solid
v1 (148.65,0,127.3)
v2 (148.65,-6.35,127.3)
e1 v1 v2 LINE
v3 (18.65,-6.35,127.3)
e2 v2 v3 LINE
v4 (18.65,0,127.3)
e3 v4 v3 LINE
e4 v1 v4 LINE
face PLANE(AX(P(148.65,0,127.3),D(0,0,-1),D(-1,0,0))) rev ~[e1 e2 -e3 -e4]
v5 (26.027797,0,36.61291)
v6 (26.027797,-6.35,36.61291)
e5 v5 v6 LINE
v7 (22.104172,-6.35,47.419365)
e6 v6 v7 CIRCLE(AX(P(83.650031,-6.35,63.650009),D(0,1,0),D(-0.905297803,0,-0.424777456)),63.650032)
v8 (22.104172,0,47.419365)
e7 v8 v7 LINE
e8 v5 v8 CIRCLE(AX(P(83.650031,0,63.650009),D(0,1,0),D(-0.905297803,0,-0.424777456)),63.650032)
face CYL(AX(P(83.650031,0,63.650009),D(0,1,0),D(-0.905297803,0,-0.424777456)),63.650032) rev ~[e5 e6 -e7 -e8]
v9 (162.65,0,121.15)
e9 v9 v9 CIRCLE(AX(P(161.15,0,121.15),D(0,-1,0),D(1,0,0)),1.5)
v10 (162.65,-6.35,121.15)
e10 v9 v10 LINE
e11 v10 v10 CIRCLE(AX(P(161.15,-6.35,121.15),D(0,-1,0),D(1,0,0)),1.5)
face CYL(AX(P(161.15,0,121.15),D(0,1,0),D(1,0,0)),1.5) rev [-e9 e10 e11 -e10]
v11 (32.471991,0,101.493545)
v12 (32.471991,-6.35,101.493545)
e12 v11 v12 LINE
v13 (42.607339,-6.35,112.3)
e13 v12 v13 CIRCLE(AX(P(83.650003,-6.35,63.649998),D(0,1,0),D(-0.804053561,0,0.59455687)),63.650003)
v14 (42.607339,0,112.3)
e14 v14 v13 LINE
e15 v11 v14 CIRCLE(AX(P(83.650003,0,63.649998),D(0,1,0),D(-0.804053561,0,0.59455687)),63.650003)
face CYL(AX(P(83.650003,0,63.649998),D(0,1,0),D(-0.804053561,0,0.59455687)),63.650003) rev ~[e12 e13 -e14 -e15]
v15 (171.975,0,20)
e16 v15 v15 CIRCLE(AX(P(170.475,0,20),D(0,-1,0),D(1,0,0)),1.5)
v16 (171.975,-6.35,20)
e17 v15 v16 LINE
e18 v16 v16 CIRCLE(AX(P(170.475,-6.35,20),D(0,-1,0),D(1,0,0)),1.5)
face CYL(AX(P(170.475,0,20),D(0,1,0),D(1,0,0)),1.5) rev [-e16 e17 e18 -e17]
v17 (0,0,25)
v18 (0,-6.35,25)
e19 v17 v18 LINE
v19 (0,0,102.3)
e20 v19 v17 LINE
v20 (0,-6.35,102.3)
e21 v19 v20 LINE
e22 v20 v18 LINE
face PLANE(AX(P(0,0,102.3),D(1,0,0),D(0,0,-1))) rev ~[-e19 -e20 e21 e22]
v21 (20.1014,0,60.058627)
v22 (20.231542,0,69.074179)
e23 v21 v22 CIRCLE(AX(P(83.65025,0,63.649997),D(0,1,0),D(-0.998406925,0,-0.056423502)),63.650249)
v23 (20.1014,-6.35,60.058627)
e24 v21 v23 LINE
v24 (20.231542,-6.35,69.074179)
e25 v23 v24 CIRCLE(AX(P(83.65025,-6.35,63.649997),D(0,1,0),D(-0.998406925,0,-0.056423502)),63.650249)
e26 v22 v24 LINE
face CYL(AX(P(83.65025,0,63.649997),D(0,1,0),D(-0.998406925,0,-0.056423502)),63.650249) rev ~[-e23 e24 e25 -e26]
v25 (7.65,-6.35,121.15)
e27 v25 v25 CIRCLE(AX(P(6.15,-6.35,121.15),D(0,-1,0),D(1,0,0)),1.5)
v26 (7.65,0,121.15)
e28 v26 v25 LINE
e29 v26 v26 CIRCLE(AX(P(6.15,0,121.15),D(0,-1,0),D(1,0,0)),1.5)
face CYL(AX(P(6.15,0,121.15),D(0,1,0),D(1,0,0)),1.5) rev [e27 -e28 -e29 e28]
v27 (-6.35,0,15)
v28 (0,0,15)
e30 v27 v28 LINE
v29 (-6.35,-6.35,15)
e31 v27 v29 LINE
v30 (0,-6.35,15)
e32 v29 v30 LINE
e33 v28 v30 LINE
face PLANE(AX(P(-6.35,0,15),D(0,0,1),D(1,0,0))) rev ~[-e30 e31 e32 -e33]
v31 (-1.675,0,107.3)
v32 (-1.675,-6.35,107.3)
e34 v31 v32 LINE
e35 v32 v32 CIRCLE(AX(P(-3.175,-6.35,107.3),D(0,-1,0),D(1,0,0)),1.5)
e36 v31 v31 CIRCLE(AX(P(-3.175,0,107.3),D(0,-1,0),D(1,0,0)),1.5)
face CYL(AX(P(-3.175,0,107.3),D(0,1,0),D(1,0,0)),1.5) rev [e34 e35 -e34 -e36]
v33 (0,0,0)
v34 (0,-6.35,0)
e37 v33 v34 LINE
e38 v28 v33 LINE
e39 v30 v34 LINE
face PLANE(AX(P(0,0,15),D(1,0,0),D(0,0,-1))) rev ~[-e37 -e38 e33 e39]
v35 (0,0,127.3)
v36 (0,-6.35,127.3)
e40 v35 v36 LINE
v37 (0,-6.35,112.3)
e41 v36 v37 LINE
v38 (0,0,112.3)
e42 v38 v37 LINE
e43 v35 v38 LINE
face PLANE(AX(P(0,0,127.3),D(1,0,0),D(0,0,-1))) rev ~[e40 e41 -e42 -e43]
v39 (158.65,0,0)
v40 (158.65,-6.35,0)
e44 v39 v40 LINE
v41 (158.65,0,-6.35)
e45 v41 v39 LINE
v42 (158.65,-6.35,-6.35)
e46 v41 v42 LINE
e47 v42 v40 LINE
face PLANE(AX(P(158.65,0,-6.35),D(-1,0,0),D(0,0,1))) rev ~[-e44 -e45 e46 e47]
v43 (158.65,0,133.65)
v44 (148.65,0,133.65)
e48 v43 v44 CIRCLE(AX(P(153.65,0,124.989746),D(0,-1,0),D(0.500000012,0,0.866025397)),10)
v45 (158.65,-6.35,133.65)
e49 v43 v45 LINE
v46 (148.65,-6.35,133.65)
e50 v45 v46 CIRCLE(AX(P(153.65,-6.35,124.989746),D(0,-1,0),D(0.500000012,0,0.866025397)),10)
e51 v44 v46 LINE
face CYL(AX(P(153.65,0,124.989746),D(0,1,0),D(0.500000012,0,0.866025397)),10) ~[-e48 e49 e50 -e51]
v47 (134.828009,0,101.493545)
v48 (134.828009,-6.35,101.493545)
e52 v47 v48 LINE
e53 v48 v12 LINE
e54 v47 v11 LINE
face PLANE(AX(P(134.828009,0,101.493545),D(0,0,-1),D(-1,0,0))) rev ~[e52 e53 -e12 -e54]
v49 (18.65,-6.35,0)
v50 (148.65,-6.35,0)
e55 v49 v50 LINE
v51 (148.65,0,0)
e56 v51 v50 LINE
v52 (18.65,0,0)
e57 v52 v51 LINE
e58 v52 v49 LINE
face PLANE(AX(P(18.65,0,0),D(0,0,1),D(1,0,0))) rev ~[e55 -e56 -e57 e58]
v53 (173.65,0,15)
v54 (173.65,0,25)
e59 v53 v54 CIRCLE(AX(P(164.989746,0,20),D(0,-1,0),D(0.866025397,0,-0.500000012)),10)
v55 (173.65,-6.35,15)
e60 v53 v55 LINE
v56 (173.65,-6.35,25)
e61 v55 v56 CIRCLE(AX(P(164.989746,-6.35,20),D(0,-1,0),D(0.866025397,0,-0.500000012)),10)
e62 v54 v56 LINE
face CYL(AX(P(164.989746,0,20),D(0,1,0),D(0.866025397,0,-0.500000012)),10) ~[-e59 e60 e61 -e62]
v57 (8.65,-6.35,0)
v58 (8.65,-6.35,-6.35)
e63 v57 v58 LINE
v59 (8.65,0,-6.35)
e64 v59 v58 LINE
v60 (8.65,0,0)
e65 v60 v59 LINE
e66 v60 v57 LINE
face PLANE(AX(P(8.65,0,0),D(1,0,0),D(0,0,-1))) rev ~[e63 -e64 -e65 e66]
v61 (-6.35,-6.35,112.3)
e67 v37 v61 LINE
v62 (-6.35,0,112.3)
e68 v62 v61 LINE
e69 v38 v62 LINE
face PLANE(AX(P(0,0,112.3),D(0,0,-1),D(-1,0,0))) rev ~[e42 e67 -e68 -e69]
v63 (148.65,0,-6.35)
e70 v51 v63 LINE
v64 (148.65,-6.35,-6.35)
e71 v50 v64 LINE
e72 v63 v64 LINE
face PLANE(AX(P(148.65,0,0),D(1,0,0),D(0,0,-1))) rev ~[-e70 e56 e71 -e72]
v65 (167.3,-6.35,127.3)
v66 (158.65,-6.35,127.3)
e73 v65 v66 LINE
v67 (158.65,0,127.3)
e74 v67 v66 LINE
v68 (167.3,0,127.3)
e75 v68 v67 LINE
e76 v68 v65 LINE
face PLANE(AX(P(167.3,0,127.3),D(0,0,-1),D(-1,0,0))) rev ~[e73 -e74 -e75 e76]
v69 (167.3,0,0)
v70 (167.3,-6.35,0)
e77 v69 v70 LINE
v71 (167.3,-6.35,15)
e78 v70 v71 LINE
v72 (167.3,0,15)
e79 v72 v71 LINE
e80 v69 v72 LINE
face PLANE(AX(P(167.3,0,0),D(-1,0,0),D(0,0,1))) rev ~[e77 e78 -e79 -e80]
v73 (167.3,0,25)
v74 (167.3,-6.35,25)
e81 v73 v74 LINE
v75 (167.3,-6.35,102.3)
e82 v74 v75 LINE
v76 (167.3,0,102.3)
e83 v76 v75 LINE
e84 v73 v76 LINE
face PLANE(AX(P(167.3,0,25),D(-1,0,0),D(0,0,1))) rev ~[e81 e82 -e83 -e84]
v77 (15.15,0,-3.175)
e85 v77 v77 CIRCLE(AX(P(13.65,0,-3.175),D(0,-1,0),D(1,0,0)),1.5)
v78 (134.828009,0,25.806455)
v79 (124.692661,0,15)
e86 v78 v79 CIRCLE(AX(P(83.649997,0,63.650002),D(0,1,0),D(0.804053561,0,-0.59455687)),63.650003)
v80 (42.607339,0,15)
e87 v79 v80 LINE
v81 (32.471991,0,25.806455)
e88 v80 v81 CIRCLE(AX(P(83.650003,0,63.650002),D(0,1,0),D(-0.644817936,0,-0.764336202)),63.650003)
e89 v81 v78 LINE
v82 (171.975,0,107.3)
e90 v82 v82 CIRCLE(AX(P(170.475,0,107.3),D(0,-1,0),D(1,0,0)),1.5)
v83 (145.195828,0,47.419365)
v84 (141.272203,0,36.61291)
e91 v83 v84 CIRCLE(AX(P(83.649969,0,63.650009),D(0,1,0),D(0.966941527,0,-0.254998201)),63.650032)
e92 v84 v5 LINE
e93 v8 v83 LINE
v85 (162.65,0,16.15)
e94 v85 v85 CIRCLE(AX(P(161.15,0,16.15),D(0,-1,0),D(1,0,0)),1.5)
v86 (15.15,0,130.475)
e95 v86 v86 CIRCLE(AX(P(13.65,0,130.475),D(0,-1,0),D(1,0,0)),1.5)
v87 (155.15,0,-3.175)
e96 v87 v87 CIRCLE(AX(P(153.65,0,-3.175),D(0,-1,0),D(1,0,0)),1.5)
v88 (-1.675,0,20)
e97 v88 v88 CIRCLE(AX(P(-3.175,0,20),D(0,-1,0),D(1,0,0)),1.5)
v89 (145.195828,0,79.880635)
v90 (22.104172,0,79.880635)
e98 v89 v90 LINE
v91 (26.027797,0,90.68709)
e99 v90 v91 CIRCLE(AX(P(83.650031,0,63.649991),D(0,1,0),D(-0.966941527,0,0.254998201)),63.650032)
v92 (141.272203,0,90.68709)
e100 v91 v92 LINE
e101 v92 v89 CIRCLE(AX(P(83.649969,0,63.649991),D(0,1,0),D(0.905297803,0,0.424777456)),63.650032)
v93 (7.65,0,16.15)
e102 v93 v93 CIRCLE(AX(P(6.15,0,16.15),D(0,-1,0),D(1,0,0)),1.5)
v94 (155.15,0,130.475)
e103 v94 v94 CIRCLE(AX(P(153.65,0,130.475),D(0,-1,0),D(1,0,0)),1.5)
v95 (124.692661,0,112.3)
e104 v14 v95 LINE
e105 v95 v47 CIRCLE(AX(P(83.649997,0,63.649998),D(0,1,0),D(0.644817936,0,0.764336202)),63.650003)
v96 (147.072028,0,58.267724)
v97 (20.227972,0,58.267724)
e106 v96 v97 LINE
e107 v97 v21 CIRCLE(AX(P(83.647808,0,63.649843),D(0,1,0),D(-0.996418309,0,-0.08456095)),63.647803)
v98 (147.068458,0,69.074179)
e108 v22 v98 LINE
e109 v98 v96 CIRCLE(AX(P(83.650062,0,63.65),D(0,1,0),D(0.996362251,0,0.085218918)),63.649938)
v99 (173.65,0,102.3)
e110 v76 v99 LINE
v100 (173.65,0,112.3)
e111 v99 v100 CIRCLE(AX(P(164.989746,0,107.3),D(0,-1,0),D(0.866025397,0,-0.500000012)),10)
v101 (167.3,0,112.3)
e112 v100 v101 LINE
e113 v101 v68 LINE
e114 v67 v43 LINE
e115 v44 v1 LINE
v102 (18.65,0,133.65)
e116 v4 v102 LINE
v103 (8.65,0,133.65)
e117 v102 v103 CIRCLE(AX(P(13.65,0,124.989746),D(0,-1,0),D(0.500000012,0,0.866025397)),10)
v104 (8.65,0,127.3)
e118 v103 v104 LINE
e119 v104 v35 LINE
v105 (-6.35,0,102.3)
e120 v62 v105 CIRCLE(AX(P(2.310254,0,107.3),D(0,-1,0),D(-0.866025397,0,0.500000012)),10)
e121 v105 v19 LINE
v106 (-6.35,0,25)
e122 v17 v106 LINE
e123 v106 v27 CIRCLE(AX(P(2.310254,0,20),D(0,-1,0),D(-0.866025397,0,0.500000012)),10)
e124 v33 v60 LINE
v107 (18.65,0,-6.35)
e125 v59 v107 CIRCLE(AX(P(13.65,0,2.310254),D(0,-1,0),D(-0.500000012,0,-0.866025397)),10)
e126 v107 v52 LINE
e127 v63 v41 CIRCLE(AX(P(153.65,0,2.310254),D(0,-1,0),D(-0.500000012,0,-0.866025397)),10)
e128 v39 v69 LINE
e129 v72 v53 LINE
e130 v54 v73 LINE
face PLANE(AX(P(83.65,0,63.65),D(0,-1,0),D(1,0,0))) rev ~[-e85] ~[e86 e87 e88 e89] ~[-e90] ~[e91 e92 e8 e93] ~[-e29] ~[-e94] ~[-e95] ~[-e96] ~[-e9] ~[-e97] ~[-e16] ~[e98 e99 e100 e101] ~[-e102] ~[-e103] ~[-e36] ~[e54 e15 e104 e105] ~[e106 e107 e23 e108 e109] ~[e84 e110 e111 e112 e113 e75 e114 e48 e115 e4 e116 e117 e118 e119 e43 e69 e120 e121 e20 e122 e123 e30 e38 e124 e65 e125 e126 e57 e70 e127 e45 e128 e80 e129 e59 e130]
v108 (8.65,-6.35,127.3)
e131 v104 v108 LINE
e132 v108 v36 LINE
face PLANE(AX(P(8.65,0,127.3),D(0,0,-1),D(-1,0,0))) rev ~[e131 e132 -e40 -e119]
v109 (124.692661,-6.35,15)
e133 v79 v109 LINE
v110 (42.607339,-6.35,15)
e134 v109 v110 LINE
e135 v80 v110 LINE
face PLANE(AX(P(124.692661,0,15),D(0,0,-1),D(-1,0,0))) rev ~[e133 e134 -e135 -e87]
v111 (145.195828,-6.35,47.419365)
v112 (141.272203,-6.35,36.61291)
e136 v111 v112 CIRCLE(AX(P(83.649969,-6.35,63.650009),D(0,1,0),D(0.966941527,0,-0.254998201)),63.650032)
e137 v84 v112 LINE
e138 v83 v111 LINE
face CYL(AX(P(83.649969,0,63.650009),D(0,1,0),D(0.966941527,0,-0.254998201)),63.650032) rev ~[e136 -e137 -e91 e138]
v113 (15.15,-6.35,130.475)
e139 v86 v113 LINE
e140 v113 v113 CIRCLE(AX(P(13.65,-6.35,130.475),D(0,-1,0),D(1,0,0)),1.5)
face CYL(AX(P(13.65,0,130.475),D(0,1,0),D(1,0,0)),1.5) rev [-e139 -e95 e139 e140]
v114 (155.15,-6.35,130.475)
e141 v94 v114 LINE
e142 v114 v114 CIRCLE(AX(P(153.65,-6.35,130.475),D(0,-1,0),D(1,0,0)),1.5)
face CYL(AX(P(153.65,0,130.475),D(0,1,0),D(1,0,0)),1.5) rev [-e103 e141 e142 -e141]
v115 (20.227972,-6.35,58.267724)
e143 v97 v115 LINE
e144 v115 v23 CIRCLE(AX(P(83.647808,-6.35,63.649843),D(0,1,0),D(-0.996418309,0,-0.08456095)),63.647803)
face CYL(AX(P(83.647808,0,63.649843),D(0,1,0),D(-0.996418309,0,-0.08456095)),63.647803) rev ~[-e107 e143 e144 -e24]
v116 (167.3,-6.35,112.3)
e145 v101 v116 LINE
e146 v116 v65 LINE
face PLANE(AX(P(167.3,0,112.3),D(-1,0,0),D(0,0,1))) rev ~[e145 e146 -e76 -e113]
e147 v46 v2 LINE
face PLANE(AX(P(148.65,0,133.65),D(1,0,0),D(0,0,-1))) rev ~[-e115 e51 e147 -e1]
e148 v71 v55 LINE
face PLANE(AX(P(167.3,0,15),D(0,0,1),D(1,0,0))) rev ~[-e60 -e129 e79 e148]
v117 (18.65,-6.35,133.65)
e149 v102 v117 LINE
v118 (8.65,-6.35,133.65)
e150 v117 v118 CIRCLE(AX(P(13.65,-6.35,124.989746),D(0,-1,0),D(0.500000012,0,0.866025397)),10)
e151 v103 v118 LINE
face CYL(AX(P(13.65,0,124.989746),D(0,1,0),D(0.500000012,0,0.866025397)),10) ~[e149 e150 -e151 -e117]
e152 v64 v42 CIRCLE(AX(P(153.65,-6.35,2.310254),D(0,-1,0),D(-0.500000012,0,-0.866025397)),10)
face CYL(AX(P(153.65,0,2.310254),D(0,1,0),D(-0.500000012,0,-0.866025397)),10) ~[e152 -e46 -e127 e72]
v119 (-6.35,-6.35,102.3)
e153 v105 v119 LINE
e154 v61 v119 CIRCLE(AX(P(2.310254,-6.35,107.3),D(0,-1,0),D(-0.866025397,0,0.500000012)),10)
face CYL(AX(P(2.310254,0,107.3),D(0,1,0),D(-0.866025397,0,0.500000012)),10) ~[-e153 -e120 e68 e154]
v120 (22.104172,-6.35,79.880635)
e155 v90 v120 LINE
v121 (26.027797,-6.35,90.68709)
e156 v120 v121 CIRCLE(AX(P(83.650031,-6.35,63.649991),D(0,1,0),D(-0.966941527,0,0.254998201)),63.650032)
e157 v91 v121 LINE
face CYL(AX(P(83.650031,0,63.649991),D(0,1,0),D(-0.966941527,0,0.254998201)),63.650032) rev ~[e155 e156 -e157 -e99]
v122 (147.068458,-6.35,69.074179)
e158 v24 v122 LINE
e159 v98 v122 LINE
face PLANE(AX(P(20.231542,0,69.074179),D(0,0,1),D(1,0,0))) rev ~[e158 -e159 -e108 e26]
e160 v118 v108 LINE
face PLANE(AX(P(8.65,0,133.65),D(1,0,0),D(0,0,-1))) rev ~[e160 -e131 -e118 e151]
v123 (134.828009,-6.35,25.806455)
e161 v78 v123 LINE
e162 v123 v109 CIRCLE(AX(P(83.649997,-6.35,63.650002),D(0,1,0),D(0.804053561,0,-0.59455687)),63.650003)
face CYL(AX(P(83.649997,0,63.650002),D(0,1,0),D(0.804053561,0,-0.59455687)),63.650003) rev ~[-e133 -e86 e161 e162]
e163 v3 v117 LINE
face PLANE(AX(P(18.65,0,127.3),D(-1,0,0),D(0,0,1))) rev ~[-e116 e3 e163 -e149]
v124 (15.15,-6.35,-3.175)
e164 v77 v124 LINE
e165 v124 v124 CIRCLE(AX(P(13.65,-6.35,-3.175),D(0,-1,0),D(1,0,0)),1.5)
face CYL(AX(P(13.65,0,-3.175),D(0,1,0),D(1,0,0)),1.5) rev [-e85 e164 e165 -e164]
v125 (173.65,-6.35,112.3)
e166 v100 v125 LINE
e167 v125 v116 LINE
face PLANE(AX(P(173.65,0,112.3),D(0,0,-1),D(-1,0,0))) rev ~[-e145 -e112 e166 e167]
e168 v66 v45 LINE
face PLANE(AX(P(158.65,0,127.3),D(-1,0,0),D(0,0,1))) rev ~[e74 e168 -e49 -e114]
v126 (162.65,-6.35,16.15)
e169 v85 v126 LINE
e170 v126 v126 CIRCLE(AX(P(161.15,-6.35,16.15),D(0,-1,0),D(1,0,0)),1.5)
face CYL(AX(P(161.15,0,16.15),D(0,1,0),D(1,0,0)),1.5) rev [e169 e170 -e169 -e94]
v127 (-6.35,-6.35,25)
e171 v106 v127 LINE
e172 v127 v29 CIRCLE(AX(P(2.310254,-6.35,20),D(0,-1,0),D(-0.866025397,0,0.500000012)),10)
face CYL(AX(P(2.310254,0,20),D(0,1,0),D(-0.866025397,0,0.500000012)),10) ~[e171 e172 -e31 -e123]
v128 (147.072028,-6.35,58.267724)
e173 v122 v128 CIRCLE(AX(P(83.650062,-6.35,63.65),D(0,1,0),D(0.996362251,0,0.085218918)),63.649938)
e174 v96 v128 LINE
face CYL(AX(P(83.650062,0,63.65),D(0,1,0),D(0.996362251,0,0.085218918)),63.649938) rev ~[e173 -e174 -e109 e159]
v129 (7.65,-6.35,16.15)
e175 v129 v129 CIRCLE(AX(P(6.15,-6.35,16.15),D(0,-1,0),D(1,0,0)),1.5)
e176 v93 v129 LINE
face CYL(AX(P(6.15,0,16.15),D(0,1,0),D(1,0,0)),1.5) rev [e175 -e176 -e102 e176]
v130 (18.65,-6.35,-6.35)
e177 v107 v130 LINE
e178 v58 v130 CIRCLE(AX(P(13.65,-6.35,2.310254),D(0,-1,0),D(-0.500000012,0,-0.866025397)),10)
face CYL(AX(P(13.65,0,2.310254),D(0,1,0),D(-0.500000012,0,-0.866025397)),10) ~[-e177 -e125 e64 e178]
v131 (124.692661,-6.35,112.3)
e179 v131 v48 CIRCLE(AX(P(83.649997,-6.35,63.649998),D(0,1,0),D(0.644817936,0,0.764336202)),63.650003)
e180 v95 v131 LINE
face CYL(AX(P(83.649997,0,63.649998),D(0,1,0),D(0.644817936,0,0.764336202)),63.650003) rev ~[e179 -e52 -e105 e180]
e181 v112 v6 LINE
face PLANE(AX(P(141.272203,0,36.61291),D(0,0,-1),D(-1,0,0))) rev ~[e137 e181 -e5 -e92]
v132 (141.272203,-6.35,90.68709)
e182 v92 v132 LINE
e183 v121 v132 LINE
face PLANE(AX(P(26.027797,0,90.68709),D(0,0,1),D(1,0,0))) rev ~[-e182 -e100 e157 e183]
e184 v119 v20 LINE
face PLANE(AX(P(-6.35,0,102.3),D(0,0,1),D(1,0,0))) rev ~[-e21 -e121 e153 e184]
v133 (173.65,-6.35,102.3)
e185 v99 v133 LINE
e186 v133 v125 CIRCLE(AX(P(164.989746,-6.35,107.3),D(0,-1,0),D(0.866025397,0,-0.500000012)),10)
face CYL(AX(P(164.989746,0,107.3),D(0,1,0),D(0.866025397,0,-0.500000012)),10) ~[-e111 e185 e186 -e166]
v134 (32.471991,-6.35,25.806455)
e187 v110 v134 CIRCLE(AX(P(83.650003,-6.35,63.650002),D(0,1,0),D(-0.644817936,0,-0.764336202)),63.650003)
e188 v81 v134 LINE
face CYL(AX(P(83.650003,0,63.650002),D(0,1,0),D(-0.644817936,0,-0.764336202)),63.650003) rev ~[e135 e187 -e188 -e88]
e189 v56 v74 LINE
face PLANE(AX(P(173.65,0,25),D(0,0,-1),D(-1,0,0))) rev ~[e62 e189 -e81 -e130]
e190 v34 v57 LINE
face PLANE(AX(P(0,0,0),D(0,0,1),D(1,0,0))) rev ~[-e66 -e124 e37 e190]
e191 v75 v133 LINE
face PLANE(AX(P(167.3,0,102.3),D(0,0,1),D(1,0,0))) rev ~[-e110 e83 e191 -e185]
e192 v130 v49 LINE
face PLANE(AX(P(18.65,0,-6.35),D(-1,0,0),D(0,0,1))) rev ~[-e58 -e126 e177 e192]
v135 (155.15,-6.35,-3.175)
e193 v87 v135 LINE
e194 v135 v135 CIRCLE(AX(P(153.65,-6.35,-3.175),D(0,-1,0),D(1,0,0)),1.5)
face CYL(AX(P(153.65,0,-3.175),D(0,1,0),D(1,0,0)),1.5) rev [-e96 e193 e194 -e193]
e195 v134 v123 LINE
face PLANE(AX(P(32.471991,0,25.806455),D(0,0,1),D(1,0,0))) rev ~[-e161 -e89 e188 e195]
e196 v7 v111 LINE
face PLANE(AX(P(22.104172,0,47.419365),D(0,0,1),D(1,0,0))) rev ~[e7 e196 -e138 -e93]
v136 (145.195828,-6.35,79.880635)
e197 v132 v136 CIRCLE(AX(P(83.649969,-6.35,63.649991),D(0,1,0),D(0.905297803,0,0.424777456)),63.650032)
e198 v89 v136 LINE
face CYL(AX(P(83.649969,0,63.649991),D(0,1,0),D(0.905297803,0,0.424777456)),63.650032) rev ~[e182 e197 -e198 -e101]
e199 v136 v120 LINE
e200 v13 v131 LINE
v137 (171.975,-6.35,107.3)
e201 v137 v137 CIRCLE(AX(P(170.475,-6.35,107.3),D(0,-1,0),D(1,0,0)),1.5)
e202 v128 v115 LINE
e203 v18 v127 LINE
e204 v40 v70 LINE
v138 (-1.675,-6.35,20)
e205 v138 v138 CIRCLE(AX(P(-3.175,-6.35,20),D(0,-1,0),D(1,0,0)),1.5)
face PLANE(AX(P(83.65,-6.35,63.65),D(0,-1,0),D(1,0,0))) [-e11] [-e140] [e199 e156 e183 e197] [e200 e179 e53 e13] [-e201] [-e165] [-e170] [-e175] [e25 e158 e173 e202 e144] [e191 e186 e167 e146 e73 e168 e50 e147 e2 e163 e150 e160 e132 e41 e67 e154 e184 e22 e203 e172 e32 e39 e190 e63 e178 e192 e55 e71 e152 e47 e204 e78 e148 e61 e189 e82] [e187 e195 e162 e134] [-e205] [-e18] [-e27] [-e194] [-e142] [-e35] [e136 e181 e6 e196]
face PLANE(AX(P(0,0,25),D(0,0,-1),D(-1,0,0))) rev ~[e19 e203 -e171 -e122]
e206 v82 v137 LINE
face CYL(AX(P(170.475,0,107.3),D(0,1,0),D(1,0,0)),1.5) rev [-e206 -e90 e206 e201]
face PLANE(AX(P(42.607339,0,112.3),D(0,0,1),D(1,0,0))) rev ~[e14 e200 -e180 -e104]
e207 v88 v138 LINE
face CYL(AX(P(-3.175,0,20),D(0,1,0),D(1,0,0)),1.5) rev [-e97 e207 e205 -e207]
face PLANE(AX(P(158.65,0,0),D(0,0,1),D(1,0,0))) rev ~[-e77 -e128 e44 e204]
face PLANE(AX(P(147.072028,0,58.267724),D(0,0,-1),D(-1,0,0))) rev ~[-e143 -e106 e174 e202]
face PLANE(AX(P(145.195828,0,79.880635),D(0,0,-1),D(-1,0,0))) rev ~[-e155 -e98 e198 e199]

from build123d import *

# Parameters (mm, degrees)
F0_R     = 1.5
F1_DEPTH = 6.35


with BuildPart() as f1:
    # F0 (on Front) → F1 (new body)
    with BuildSketch(Plane.XZ):
        with BuildLine():
            Line((0, 15), (0, 0))
            Line((0, 0), (8.65, 0))
            Line((8.65, 0), (8.65, -6.35))
            ThreePointArc((8.65, -6.35), (13.65, -7.689746), (18.65, -6.35))
            Line((18.65, -6.35), (18.65, 0))
            Line((18.65, 0), (148.65, 0))
            Line((148.65, 0), (148.65, -6.35))
            ThreePointArc((148.65, -6.35), (153.65, -7.689746), (158.65, -6.35))
            Line((158.65, -6.35), (158.65, -6.289838))
            Line((158.65, -6.289838), (158.65, 0))
            Line((158.65, 0), (167.3, 0))
            Line((167.3, 0), (167.3, 15))
            Line((167.3, 15), (173.65, 15))
            ThreePointArc((173.65, 15), (174.989746, 20), (173.65, 25))
            Line((173.65, 25), (167.3, 25))
            Line((167.3, 25), (167.3, 102.3))
            Line((167.3, 102.3), (173.65, 102.3))
            ThreePointArc((173.65, 102.3), (174.989746, 107.3), (173.65, 112.3))
            Line((173.65, 112.3), (167.3, 112.3))
            Line((167.3, 112.3), (167.3, 127.3))
            Line((167.3, 127.3), (158.65, 127.3))
            Line((158.65, 127.3), (158.65, 133.65))
            ThreePointArc((158.65, 133.65), (153.65, 134.989746), (148.65, 133.65))
            Line((148.65, 133.65), (148.65, 127.3))
            Line((148.65, 127.3), (18.65, 127.3))
            Line((18.65, 127.3), (18.65, 133.65))
            ThreePointArc((18.65, 133.65), (13.65, 134.989746), (8.65, 133.65))
            Line((8.65, 133.65), (8.65, 127.3))
            Line((8.65, 127.3), (0, 127.3))
            Line((0, 127.3), (0, 112.3))
            Line((0, 112.3), (-6.35, 112.3))
            ThreePointArc((-6.35, 112.3), (-7.689746, 107.3), (-6.35, 102.3))
            Line((-6.35, 102.3), (0, 102.3))
            Line((0, 102.3), (0, 25))
            Line((0, 25), (-6.35, 25))
            ThreePointArc((-6.35, 25), (-7.689746, 20), (-6.35, 15))
            Line((-6.35, 15), (0, 15))
        make_face()
        with Locations((13.65, -3.175)):
            Circle(F0_R, mode=Mode.SUBTRACT)
        with Locations((6.15, 16.15)):
            Circle(F0_R, mode=Mode.SUBTRACT)
        with Locations((-3.175, 20)):
            Circle(F0_R, mode=Mode.SUBTRACT)
        with BuildLine():
            Line((32.471991, 25.806455), (134.828009, 25.806455))
            ThreePointArc((134.828009, 25.806455), (130.075832, 20.107324), (124.692661, 15))
            Line((124.692661, 15), (42.607339, 15))
            ThreePointArc((42.607339, 15), (37.224168, 20.107324), (32.471991, 25.806455))
        make_face(mode=Mode.SUBTRACT)
        with BuildLine():
            Line((22.104172, 47.419365), (145.195828, 47.419365))
            ThreePointArc((145.195828, 47.419365), (143.478503, 41.927369), (141.272203, 36.61291))
            Line((141.272203, 36.61291), (26.027797, 36.61291))
            ThreePointArc((26.027797, 36.61291), (23.821497, 41.927369), (22.104172, 47.419365))
        make_face(mode=Mode.SUBTRACT)
        with Locations((153.65, -3.175)):
            Circle(F0_R, mode=Mode.SUBTRACT)
        with Locations((161.15, 16.15)):
            Circle(F0_R, mode=Mode.SUBTRACT)
        with Locations((170.475, 20)):
            Circle(F0_R, mode=Mode.SUBTRACT)
        with BuildLine():
            ThreePointArc((20.1014, 60.058627), (20.006631, 64.568711), (20.231542, 69.074179))
            Line((20.231542, 69.074179), (147.068458, 69.074179))
            ThreePointArc((147.068458, 69.074179), (147.299997, 63.671028), (147.072028, 58.267724))
            Line((147.072028, 58.267724), (20.227972, 58.267724))
            ThreePointArc((20.227972, 58.267724), (20.158371, 59.162729), (20.1014, 60.058627))
        make_face(mode=Mode.SUBTRACT)
        with BuildLine():
            ThreePointArc((22.104172, 79.880635), (23.821497, 85.372631), (26.027797, 90.68709))
            Line((26.027797, 90.68709), (141.272203, 90.68709))
            ThreePointArc((141.272203, 90.68709), (143.478503, 85.372631), (145.195828, 79.880635))
            Line((145.195828, 79.880635), (22.104172, 79.880635))
        make_face(mode=Mode.SUBTRACT)
        with Locations((-3.175, 107.3)):
            Circle(F0_R, mode=Mode.SUBTRACT)
        with Locations((6.15, 121.15)):
            Circle(F0_R, mode=Mode.SUBTRACT)
        with Locations((13.65, 130.475)):
            Circle(F0_R, mode=Mode.SUBTRACT)
        with BuildLine():
            ThreePointArc((32.471991, 101.493545), (37.224168, 107.192676), (42.607339, 112.3))
            Line((42.607339, 112.3), (124.692661, 112.3))
            ThreePointArc((124.692661, 112.3), (130.075832, 107.192676), (134.828009, 101.493545))
            Line((134.828009, 101.493545), (32.471991, 101.493545))
        make_face(mode=Mode.SUBTRACT)
        with Locations((170.475, 107.3)):
            Circle(F0_R, mode=Mode.SUBTRACT)
        with Locations((161.15, 121.15)):
            Circle(F0_R, mode=Mode.SUBTRACT)
        with Locations((153.65, 130.475)):
            Circle(F0_R, mode=Mode.SUBTRACT)
    extrude(amount=F1_DEPTH)


solid = f1.part
